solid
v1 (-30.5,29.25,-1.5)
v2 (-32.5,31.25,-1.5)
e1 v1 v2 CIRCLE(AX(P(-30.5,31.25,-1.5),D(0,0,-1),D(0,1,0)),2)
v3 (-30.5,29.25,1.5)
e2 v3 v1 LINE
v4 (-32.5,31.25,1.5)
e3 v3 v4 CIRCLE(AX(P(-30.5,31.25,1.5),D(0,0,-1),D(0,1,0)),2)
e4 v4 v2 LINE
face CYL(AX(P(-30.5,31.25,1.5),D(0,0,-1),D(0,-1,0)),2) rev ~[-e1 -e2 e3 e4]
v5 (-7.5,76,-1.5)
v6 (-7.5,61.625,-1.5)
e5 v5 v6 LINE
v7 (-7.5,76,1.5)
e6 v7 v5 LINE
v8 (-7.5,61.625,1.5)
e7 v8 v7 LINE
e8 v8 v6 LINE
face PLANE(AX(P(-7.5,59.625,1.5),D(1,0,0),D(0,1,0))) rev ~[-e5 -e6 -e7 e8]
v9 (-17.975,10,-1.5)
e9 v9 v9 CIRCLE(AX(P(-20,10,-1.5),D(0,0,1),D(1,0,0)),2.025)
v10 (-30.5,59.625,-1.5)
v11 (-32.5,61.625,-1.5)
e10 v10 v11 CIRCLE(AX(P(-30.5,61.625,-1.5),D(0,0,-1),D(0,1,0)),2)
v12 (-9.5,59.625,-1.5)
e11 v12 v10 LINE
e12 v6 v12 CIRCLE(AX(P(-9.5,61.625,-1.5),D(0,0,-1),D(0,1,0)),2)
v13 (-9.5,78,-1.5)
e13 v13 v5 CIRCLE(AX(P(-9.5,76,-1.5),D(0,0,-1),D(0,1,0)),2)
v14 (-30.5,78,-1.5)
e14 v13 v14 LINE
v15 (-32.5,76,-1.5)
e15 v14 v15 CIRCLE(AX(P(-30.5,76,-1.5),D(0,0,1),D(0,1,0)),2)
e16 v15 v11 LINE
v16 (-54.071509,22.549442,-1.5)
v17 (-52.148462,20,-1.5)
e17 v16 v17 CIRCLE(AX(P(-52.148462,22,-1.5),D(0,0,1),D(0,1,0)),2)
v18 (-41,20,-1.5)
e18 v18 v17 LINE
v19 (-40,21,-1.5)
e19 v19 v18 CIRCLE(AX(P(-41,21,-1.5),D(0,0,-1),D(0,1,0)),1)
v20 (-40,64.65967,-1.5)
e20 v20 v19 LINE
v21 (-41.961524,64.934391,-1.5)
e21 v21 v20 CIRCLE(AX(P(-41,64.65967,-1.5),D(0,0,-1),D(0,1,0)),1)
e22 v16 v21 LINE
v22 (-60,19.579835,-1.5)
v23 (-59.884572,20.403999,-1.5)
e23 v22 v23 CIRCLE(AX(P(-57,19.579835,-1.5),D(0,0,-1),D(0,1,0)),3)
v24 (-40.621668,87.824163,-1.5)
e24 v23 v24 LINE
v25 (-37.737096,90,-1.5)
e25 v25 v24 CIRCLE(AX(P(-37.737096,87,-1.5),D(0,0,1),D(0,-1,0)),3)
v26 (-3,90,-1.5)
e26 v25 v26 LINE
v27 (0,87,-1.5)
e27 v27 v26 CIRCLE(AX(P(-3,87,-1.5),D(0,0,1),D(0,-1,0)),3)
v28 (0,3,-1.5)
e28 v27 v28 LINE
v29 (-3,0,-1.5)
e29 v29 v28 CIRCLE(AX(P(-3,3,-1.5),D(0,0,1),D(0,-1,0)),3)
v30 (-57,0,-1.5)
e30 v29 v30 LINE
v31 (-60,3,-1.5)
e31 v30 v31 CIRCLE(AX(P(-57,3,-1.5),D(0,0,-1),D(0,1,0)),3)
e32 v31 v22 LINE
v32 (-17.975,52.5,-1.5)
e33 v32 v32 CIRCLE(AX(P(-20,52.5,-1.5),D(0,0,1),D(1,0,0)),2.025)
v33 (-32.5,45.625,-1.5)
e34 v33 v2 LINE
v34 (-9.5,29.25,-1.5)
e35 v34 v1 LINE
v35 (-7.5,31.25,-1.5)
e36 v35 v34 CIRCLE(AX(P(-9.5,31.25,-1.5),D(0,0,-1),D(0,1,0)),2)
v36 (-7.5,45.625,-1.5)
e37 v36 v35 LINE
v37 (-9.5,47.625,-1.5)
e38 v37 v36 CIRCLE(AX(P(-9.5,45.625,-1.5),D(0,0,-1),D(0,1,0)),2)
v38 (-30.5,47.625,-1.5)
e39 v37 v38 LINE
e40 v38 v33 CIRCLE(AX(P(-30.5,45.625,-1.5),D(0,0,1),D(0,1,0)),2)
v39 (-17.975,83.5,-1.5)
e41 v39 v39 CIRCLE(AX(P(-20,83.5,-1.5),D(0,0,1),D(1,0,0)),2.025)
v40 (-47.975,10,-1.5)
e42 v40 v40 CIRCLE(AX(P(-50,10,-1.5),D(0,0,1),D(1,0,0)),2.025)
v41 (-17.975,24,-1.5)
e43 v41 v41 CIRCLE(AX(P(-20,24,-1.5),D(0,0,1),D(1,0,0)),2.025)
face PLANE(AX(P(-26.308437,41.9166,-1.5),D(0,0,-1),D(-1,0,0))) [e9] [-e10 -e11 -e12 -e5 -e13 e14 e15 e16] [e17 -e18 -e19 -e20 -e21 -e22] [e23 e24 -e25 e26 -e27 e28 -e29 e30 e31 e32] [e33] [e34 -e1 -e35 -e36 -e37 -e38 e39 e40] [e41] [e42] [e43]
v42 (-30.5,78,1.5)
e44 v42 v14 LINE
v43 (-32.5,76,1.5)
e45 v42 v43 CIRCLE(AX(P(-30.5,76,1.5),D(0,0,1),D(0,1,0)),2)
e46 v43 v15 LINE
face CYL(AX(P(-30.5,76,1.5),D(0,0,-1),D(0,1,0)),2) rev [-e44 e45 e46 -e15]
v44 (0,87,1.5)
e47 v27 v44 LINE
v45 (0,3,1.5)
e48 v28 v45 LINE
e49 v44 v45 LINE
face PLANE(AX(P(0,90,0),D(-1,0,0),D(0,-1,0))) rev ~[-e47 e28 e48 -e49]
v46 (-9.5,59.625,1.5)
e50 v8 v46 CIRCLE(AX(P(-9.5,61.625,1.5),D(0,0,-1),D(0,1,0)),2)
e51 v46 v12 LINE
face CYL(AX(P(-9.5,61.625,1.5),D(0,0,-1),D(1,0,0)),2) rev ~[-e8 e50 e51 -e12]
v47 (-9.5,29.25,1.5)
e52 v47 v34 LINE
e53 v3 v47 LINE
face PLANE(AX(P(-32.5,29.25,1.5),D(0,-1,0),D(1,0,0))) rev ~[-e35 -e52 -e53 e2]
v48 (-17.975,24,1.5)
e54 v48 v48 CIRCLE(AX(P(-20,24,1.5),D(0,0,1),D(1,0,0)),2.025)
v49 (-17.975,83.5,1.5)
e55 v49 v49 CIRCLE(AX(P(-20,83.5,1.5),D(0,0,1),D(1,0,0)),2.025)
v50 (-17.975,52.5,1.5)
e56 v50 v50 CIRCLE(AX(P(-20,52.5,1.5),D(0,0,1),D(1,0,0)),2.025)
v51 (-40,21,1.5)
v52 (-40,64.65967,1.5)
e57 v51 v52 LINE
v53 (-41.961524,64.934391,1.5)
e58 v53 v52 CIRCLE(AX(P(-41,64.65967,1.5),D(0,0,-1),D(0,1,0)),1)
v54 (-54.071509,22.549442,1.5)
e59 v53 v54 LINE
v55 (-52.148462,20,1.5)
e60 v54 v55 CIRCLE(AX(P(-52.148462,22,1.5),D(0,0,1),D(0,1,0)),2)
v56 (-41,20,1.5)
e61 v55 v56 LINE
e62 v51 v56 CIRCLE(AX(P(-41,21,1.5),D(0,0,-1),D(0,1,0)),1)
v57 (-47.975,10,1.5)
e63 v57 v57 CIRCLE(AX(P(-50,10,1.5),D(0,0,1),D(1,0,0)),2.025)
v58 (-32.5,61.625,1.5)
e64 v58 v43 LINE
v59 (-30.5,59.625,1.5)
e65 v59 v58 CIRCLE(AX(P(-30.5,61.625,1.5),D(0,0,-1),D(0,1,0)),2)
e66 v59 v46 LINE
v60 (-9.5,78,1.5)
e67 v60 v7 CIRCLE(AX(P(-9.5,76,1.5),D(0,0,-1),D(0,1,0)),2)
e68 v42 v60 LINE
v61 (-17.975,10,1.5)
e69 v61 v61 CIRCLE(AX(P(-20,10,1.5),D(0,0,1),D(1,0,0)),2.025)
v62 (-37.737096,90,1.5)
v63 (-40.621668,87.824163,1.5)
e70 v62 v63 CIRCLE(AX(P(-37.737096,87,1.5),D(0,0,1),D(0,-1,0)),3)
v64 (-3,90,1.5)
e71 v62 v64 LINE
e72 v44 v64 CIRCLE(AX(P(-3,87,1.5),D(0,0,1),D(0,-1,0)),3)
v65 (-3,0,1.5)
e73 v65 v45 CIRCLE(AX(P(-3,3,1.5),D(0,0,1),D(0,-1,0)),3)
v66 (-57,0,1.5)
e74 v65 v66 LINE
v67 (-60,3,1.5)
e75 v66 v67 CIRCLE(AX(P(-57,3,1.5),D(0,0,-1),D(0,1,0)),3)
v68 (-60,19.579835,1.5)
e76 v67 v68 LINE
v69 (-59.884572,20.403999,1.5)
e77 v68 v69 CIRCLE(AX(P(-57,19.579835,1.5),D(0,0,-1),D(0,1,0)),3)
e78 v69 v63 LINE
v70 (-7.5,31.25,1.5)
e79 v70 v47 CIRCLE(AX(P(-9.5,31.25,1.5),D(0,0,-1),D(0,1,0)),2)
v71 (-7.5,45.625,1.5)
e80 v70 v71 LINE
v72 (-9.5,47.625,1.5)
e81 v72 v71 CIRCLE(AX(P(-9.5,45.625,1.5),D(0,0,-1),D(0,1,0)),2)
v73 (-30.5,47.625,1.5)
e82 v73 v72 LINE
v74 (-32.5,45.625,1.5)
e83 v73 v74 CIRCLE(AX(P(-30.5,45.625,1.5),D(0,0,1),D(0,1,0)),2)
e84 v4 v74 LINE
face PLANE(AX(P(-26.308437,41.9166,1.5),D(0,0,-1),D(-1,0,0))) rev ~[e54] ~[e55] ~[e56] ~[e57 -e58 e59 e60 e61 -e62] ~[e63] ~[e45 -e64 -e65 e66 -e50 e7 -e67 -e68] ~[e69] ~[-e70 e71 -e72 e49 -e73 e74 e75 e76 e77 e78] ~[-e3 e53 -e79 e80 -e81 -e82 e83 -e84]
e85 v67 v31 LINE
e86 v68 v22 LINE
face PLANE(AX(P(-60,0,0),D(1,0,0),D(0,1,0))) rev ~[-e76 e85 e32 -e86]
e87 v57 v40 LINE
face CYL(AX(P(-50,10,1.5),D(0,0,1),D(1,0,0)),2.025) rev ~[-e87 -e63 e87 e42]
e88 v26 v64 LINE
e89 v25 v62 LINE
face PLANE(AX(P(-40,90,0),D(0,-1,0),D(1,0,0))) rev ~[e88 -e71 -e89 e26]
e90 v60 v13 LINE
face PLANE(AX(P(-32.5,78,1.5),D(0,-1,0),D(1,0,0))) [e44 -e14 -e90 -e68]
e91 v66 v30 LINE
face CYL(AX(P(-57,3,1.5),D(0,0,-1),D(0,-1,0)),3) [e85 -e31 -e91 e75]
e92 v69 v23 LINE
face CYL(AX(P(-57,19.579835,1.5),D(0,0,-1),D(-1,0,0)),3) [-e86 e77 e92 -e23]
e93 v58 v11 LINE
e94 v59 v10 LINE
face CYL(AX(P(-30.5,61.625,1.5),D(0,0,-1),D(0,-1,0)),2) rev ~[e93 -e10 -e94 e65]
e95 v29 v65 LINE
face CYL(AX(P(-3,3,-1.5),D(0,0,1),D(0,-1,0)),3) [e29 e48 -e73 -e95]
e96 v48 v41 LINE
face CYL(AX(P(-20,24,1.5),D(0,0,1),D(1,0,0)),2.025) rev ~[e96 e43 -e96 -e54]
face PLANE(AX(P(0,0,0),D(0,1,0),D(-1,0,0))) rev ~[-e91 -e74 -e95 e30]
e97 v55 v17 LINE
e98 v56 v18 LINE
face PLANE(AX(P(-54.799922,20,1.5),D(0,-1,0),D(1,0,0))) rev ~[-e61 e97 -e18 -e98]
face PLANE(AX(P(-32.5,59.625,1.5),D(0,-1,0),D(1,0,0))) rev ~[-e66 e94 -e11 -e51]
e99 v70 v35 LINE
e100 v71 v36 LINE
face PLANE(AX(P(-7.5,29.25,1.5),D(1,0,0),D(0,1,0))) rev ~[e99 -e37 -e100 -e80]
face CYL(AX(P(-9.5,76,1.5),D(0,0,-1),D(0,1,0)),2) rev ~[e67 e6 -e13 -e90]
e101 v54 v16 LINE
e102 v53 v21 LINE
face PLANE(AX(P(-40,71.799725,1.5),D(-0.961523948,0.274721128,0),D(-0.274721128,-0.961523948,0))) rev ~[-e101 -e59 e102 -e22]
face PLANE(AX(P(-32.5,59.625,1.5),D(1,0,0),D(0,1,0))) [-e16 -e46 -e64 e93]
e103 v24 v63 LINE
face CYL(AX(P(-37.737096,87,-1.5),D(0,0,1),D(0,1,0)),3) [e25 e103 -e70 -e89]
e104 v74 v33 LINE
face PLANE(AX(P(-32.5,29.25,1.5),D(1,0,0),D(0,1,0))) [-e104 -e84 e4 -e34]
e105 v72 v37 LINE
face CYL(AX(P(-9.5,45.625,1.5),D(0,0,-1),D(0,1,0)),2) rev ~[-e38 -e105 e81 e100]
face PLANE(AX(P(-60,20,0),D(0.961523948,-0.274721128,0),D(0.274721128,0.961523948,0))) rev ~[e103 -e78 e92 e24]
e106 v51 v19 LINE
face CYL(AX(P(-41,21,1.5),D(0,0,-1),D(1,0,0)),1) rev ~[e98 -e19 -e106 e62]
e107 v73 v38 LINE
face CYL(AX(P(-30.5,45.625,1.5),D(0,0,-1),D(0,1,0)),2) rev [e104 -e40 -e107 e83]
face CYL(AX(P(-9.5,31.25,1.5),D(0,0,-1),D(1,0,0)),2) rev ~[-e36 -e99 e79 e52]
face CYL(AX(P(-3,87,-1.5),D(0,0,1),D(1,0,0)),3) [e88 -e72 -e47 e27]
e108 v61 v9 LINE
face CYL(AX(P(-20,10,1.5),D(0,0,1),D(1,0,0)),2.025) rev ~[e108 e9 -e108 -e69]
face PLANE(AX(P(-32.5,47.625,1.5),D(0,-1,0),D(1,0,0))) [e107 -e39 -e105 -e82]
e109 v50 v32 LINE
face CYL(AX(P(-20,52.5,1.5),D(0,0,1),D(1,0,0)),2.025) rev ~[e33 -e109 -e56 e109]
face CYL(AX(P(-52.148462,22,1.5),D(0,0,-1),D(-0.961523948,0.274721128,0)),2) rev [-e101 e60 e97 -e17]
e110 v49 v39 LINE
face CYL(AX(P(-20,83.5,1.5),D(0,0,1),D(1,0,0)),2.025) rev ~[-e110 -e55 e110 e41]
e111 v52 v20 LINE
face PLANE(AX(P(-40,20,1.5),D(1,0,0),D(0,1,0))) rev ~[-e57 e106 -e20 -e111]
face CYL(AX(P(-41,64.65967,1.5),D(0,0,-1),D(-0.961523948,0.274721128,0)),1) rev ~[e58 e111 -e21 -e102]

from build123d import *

# Parameters (mm, degrees)
EXTRUDE_1_DEPTH     = 1.5
CUT_EXTRUDE_1_DEPTH = 4
FILLET_1_R          = 1
SKETCH_3_W          = 25
SKETCH_3_H          = 18.375
CUT_EXTRUDE_2_DEPTH = 4
FILLET_2_R          = 2
SKETCH_4_R          = 2.025
CUT_EXTRUDE_3_DEPTH = 10
FILLET_3_R          = 3
FILLET_4_R          = 2


with BuildPart() as part:
    # 草图1 → 凸台-拉伸1 (new body, symmetric)
    with BuildSketch(Plane.XY):
        Polygon((0, 0), (-60, 0), (-60, 20), (-40, 90), (0, 90), align=None)
    extrude(amount=EXTRUDE_1_DEPTH, both=True)

    # 草图2 → 切除-拉伸1 (cut, through all)
    with BuildSketch(Plane.XY.offset(1.5)):
        Polygon((-40, 71.799725277), (-54.799921508, 20), (-40, 20), align=None)
    extrude(amount=-CUT_EXTRUDE_1_DEPTH, mode=Mode.SUBTRACT)

    # 圆角1
    fillet_1_edges = [part.edges().sort_by_distance(p)[0] for p in [
        (-40, 71.799725277, 0),
        (-40, 20, 0),
    ]]
    fillet(fillet_1_edges, radius=FILLET_1_R)

    # 草图3 → 切除-拉伸2 (cut, through all)
    with BuildSketch(Plane.XY.offset(1.5)):
        with Locations((-20, 68.8125)):
            Rectangle(SKETCH_3_W, SKETCH_3_H)
        with Locations((-20, 38.4375)):
            Rectangle(SKETCH_3_W, SKETCH_3_H)
    extrude(amount=-CUT_EXTRUDE_2_DEPTH, mode=Mode.SUBTRACT)

    # 圆角2
    fillet_2_edges = [part.edges().sort_by_distance(p)[0] for p in [
        (-7.5, 78, 0),
        (-7.5, 59.625, 0),
        (-32.5, 59.625, 0),
        (-32.5, 78, 0),
        (-7.5, 47.625, 0),
        (-7.5, 29.25, 0),
        (-32.5, 29.25, 0),
        (-32.5, 47.625, 0),
    ]]
    fillet(fillet_2_edges, radius=FILLET_2_R)

    # 草图4 → 切除-拉伸3 (cut)
    with BuildSketch(Plane.XY.offset(1.5)):
        with Locations((-50, 10)):
            Circle(SKETCH_4_R)
        with Locations((-20, 10)):
            Circle(SKETCH_4_R)
        with Locations((-20, 24)):
            Circle(SKETCH_4_R)
        with Locations((-20, 52.5)):
            Circle(SKETCH_4_R)
        with Locations((-20, 83.5)):
            Circle(SKETCH_4_R)
    extrude(amount=-CUT_EXTRUDE_3_DEPTH, mode=Mode.SUBTRACT)

    # 圆角3
    fillet_3_edges = [part.edges().sort_by_distance(p)[0] for p in [
        (0, 0, 0),
        (-60, 0, 0),
        (-60, 20, 0),
        (-40, 90, 0),
        (0, 90, 0),
    ]]
    fillet(fillet_3_edges, radius=FILLET_3_R)

    # 圆角4
    fillet_4_edges = [part.edges().sort_by_distance(p)[0] for p in [
        (-54.799921508, 20, 0),
    ]]
    fillet(fillet_4_edges, radius=FILLET_4_R)


solid = part.part
